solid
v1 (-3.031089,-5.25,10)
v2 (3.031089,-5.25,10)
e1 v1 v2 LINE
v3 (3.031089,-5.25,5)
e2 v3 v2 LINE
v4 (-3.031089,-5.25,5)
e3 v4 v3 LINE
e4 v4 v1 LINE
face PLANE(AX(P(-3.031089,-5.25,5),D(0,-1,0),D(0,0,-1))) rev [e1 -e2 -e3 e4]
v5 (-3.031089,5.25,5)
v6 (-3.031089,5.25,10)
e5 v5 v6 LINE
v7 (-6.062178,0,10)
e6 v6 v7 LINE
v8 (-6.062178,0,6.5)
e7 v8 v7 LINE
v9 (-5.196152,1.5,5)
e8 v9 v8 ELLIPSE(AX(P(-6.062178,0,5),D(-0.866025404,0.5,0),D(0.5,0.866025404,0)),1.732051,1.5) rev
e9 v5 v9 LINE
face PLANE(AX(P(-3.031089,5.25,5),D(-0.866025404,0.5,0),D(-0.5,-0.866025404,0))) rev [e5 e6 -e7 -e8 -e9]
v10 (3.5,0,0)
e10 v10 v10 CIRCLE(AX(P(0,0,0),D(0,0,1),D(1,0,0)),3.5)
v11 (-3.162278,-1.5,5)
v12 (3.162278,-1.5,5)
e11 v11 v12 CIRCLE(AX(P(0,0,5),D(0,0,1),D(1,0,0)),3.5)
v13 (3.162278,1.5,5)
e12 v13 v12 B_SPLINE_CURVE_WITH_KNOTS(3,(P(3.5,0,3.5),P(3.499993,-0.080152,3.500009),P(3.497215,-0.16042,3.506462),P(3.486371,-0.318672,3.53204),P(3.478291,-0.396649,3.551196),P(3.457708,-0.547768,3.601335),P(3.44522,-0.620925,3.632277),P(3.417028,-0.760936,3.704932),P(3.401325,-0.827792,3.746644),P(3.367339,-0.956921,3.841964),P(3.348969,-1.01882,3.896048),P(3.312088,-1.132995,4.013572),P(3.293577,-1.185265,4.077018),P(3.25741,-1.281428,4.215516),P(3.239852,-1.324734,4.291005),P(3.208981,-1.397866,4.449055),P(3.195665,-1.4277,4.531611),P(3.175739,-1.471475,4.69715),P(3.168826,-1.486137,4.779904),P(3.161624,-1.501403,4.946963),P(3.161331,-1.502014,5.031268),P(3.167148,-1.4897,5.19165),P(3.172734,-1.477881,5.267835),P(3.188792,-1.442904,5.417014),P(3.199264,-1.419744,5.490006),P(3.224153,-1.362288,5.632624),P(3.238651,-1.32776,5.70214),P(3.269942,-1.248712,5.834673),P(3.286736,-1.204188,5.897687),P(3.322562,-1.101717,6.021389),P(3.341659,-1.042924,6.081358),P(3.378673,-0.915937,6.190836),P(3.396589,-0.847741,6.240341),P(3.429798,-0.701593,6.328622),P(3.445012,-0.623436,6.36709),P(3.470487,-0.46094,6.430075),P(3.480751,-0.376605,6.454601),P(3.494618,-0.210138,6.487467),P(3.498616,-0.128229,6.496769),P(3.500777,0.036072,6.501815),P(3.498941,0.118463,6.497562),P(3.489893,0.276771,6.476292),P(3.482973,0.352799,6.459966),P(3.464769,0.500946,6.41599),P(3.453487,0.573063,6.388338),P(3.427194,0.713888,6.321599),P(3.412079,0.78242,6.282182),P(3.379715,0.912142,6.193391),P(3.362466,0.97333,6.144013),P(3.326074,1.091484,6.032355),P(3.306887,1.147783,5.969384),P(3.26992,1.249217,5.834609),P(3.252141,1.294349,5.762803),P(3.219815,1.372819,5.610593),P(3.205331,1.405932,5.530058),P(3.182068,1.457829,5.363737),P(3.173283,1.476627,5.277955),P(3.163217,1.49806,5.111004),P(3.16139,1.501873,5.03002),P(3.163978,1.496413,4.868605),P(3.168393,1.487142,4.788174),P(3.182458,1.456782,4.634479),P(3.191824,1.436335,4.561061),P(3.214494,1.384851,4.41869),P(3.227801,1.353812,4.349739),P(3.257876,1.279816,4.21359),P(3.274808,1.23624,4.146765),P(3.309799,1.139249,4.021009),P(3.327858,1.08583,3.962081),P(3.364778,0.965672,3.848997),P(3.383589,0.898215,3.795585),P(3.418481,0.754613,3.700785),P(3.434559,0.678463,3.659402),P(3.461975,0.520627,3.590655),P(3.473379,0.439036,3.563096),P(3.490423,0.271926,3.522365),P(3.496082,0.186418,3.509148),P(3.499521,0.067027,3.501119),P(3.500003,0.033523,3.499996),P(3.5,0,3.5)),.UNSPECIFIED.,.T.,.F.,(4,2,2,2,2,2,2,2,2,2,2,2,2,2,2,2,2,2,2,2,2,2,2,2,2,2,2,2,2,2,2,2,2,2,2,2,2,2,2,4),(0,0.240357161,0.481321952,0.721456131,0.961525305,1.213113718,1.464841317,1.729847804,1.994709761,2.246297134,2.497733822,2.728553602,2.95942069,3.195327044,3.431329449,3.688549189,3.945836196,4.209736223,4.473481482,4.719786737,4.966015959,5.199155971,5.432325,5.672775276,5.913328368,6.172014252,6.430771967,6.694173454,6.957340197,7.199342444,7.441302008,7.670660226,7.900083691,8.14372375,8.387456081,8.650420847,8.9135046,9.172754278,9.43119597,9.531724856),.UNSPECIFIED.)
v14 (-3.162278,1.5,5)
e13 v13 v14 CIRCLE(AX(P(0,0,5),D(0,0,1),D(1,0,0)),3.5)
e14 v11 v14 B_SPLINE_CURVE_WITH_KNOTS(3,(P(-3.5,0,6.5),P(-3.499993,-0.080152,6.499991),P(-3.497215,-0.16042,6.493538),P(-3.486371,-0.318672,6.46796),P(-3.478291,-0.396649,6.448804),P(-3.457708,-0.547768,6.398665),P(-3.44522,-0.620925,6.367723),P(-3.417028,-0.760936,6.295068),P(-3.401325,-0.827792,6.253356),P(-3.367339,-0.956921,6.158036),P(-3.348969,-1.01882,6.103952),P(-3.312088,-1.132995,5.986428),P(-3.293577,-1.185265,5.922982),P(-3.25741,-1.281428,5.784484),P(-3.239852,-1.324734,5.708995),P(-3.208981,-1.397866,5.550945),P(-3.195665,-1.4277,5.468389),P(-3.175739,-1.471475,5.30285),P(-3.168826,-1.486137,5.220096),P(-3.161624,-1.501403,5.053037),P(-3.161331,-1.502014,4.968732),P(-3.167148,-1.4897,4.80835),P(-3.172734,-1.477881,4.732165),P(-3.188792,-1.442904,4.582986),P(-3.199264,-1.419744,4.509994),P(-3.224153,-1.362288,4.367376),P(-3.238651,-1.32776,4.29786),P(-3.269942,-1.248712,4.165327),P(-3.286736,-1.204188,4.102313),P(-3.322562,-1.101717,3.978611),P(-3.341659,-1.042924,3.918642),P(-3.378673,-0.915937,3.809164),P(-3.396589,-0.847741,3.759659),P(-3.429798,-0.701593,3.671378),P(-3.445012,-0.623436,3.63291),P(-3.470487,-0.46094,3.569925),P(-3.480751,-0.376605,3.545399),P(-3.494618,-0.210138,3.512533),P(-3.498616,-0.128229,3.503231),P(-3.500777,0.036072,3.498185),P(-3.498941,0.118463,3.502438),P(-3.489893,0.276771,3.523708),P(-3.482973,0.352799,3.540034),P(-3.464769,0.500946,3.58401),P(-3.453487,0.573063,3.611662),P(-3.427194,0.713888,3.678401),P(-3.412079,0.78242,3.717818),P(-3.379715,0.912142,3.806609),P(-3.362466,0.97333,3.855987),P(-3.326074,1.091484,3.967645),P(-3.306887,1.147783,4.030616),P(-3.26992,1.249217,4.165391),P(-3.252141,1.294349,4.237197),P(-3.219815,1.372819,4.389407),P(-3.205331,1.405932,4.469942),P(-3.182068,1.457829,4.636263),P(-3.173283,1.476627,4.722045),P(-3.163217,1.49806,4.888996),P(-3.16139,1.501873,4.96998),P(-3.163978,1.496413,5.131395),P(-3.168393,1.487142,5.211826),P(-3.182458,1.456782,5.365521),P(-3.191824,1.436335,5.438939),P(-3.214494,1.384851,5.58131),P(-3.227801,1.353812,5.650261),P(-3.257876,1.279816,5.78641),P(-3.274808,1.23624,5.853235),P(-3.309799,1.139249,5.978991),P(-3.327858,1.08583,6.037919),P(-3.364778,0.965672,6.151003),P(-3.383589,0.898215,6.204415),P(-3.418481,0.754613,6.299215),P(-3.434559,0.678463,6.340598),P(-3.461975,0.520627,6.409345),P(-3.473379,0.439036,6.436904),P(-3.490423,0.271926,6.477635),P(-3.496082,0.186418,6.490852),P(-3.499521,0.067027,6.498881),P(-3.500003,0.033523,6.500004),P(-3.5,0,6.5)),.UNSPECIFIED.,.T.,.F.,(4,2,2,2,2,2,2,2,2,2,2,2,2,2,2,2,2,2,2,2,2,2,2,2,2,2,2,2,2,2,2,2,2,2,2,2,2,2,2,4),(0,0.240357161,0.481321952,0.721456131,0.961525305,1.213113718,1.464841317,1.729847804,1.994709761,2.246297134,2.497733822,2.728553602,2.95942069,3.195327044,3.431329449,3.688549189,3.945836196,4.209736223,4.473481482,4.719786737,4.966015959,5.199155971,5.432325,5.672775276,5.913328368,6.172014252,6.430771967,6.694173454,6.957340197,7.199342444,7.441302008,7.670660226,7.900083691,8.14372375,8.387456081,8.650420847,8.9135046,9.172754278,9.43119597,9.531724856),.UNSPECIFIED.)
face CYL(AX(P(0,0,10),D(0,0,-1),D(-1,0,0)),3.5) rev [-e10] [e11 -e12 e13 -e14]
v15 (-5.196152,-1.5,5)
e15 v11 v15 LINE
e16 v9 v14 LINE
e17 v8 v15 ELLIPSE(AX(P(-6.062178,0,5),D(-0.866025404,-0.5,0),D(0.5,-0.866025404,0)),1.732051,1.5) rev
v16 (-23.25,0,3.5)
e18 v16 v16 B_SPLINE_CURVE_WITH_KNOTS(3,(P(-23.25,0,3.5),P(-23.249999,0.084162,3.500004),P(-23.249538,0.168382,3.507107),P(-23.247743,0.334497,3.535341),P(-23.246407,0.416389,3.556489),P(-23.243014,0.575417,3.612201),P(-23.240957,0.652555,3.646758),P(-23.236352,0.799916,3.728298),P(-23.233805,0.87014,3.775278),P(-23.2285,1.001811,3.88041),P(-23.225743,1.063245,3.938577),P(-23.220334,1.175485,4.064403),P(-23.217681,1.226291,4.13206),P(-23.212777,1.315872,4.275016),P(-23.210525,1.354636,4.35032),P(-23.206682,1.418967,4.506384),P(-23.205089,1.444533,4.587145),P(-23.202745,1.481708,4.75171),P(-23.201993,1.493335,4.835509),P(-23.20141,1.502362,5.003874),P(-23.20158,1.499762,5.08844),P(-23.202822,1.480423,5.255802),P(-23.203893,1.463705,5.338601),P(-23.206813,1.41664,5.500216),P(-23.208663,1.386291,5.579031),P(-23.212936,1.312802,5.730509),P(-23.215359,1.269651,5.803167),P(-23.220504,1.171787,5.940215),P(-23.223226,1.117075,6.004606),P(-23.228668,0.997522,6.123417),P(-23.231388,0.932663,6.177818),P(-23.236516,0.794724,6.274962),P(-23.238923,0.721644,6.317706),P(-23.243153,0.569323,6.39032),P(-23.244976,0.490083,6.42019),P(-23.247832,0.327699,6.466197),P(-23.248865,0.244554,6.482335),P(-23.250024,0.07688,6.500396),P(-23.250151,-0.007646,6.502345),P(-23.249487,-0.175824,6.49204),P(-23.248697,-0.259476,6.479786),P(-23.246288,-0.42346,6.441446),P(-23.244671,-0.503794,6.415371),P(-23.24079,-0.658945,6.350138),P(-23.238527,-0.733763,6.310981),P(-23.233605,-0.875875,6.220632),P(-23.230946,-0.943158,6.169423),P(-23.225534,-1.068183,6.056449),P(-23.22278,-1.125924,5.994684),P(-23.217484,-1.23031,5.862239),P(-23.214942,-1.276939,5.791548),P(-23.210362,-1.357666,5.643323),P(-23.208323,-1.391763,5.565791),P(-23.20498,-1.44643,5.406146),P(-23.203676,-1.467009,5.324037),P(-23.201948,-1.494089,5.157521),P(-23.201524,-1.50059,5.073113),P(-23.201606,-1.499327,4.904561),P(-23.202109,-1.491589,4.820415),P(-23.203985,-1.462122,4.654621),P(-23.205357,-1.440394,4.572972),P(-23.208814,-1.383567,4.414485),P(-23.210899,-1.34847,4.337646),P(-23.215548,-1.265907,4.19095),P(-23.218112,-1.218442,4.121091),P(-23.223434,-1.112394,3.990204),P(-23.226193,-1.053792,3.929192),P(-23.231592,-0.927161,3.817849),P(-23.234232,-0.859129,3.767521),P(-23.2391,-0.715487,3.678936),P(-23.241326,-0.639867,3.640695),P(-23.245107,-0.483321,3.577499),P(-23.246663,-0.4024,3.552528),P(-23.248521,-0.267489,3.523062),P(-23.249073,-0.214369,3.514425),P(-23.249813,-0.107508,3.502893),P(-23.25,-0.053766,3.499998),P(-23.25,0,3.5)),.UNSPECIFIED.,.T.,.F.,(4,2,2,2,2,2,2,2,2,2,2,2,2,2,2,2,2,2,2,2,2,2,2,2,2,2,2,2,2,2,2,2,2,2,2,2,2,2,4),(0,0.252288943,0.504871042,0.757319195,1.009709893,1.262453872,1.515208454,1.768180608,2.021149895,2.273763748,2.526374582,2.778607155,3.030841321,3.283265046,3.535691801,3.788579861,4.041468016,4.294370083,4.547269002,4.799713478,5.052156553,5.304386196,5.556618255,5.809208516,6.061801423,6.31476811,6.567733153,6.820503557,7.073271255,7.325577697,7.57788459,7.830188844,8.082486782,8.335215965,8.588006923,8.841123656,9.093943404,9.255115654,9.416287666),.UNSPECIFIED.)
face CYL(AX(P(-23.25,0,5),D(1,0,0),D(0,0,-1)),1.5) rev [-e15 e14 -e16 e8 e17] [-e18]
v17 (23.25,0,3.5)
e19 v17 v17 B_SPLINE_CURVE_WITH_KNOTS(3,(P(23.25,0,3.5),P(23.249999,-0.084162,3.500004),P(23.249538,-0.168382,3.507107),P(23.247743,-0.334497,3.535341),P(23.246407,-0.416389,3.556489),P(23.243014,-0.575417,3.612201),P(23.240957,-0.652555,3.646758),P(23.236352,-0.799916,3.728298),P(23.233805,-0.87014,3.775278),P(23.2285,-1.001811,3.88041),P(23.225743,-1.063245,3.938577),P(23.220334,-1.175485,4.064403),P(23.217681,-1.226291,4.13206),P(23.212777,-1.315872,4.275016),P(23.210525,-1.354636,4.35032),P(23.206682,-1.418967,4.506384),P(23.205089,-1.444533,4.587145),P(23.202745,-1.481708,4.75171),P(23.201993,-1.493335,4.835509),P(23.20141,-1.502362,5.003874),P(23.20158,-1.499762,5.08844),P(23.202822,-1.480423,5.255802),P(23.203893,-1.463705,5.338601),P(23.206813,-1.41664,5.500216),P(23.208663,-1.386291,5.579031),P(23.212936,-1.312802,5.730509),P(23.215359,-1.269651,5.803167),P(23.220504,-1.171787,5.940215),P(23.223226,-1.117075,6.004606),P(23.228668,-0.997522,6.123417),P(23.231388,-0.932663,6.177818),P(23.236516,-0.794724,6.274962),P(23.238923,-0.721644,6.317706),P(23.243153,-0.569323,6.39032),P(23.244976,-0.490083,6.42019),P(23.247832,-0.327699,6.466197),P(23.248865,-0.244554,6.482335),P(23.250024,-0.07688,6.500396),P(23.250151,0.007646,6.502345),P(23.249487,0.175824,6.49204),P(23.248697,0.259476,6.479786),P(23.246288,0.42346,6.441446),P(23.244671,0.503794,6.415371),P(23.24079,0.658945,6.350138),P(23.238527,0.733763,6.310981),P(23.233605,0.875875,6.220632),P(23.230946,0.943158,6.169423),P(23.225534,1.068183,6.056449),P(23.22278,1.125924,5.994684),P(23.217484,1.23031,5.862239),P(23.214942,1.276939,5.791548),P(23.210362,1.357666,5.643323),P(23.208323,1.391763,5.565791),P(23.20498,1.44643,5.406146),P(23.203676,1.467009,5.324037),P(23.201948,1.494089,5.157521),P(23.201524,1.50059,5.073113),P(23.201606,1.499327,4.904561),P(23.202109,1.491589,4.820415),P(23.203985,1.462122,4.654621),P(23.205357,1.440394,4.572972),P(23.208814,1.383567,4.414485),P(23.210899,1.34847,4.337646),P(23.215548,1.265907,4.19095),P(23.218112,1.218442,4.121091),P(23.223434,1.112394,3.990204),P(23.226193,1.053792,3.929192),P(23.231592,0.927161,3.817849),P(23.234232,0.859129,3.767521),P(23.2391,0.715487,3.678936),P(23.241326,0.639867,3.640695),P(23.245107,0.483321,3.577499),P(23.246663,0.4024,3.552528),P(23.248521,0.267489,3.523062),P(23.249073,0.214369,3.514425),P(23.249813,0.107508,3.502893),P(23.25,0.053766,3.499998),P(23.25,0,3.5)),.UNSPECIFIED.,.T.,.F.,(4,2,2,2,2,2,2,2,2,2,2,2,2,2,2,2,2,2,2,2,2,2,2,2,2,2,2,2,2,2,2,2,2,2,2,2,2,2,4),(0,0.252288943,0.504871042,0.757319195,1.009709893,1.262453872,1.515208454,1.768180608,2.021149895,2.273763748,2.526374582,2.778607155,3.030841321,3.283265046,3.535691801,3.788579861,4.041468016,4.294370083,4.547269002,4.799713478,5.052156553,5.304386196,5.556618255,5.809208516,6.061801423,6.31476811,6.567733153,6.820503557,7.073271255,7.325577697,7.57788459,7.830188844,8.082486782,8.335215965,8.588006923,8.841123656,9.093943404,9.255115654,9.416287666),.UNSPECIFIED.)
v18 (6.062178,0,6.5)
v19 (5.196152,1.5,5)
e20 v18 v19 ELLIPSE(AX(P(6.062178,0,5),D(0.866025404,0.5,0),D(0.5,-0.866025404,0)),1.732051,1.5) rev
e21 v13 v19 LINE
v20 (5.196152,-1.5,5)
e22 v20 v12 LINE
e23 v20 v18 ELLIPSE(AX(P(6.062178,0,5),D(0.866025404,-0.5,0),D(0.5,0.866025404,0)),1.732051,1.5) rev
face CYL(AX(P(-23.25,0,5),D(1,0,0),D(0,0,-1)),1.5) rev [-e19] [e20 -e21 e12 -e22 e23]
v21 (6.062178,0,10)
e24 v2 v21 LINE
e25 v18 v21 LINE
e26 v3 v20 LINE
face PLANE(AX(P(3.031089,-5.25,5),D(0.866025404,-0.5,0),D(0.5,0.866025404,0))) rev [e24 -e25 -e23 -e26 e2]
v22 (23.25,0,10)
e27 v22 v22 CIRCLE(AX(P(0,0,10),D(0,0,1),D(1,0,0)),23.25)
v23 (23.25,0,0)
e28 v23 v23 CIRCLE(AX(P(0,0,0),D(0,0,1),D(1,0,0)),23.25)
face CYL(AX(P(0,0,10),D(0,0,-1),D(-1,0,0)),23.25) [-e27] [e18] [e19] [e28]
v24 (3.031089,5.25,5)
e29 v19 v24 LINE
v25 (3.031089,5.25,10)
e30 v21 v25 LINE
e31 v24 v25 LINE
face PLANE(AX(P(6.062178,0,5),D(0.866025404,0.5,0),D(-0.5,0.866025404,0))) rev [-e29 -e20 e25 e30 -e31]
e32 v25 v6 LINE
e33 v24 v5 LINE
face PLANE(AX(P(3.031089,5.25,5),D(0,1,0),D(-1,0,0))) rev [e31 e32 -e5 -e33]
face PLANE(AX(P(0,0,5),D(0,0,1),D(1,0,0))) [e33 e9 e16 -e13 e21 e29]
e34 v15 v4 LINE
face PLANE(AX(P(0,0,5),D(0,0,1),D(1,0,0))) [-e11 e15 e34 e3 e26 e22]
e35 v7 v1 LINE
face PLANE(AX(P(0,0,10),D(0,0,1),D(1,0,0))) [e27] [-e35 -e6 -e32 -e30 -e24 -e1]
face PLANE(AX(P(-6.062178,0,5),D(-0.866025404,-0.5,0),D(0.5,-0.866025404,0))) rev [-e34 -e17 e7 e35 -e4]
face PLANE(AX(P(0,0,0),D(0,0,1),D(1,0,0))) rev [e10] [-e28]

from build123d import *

# Parameters (mm, degrees)
SKETCH_1_R               = 23.25
SKETCH_1_R_2             = 3.5
EXTRUDE_1_DEPTH          = 10
SKETCH_2_R               = 1.5
CUT_EXTRUDE_1_DEPTH      = 24.25
CUT_EXTRUDE_1_DEPTH_BACK = 24.25
CUT_EXTRUDE_3_DEPTH      = 5


with BuildPart() as part:
    # Эскиз1 → Бобышка-Вытянуть1 (new body)
    with BuildSketch(Plane.XY):
        Circle(SKETCH_1_R)
        Circle(SKETCH_1_R_2, mode=Mode.SUBTRACT)
    extrude(amount=EXTRUDE_1_DEPTH)

    # Эскиз2 → Вырез-Вытянуть1 (cut, two sides)
    with BuildSketch(Plane(origin=(0, 0, 0), x_dir=(0, 0, -1), z_dir=(1, 0, 0))) as cut_extrude_1_sk:
        with Locations((-5, 0)):
            Circle(SKETCH_2_R)
    extrude(amount=CUT_EXTRUDE_1_DEPTH, mode=Mode.SUBTRACT)
    extrude(cut_extrude_1_sk.sketch, amount=-CUT_EXTRUDE_1_DEPTH_BACK, mode=Mode.SUBTRACT)

    # Эскиз3 → Вырез-Вытянуть3 (cut)
    with BuildSketch(Plane.XY.offset(10)):
        Polygon((3.031088913, 5.25), (-3.031088913, 5.25), (-6.062177826, 0), (-3.031088913, -5.25), (3.031088913, -5.25), (6.062177826, 0), align=None)
    extrude(amount=-CUT_EXTRUDE_3_DEPTH, mode=Mode.SUBTRACT)


solid = part.part
